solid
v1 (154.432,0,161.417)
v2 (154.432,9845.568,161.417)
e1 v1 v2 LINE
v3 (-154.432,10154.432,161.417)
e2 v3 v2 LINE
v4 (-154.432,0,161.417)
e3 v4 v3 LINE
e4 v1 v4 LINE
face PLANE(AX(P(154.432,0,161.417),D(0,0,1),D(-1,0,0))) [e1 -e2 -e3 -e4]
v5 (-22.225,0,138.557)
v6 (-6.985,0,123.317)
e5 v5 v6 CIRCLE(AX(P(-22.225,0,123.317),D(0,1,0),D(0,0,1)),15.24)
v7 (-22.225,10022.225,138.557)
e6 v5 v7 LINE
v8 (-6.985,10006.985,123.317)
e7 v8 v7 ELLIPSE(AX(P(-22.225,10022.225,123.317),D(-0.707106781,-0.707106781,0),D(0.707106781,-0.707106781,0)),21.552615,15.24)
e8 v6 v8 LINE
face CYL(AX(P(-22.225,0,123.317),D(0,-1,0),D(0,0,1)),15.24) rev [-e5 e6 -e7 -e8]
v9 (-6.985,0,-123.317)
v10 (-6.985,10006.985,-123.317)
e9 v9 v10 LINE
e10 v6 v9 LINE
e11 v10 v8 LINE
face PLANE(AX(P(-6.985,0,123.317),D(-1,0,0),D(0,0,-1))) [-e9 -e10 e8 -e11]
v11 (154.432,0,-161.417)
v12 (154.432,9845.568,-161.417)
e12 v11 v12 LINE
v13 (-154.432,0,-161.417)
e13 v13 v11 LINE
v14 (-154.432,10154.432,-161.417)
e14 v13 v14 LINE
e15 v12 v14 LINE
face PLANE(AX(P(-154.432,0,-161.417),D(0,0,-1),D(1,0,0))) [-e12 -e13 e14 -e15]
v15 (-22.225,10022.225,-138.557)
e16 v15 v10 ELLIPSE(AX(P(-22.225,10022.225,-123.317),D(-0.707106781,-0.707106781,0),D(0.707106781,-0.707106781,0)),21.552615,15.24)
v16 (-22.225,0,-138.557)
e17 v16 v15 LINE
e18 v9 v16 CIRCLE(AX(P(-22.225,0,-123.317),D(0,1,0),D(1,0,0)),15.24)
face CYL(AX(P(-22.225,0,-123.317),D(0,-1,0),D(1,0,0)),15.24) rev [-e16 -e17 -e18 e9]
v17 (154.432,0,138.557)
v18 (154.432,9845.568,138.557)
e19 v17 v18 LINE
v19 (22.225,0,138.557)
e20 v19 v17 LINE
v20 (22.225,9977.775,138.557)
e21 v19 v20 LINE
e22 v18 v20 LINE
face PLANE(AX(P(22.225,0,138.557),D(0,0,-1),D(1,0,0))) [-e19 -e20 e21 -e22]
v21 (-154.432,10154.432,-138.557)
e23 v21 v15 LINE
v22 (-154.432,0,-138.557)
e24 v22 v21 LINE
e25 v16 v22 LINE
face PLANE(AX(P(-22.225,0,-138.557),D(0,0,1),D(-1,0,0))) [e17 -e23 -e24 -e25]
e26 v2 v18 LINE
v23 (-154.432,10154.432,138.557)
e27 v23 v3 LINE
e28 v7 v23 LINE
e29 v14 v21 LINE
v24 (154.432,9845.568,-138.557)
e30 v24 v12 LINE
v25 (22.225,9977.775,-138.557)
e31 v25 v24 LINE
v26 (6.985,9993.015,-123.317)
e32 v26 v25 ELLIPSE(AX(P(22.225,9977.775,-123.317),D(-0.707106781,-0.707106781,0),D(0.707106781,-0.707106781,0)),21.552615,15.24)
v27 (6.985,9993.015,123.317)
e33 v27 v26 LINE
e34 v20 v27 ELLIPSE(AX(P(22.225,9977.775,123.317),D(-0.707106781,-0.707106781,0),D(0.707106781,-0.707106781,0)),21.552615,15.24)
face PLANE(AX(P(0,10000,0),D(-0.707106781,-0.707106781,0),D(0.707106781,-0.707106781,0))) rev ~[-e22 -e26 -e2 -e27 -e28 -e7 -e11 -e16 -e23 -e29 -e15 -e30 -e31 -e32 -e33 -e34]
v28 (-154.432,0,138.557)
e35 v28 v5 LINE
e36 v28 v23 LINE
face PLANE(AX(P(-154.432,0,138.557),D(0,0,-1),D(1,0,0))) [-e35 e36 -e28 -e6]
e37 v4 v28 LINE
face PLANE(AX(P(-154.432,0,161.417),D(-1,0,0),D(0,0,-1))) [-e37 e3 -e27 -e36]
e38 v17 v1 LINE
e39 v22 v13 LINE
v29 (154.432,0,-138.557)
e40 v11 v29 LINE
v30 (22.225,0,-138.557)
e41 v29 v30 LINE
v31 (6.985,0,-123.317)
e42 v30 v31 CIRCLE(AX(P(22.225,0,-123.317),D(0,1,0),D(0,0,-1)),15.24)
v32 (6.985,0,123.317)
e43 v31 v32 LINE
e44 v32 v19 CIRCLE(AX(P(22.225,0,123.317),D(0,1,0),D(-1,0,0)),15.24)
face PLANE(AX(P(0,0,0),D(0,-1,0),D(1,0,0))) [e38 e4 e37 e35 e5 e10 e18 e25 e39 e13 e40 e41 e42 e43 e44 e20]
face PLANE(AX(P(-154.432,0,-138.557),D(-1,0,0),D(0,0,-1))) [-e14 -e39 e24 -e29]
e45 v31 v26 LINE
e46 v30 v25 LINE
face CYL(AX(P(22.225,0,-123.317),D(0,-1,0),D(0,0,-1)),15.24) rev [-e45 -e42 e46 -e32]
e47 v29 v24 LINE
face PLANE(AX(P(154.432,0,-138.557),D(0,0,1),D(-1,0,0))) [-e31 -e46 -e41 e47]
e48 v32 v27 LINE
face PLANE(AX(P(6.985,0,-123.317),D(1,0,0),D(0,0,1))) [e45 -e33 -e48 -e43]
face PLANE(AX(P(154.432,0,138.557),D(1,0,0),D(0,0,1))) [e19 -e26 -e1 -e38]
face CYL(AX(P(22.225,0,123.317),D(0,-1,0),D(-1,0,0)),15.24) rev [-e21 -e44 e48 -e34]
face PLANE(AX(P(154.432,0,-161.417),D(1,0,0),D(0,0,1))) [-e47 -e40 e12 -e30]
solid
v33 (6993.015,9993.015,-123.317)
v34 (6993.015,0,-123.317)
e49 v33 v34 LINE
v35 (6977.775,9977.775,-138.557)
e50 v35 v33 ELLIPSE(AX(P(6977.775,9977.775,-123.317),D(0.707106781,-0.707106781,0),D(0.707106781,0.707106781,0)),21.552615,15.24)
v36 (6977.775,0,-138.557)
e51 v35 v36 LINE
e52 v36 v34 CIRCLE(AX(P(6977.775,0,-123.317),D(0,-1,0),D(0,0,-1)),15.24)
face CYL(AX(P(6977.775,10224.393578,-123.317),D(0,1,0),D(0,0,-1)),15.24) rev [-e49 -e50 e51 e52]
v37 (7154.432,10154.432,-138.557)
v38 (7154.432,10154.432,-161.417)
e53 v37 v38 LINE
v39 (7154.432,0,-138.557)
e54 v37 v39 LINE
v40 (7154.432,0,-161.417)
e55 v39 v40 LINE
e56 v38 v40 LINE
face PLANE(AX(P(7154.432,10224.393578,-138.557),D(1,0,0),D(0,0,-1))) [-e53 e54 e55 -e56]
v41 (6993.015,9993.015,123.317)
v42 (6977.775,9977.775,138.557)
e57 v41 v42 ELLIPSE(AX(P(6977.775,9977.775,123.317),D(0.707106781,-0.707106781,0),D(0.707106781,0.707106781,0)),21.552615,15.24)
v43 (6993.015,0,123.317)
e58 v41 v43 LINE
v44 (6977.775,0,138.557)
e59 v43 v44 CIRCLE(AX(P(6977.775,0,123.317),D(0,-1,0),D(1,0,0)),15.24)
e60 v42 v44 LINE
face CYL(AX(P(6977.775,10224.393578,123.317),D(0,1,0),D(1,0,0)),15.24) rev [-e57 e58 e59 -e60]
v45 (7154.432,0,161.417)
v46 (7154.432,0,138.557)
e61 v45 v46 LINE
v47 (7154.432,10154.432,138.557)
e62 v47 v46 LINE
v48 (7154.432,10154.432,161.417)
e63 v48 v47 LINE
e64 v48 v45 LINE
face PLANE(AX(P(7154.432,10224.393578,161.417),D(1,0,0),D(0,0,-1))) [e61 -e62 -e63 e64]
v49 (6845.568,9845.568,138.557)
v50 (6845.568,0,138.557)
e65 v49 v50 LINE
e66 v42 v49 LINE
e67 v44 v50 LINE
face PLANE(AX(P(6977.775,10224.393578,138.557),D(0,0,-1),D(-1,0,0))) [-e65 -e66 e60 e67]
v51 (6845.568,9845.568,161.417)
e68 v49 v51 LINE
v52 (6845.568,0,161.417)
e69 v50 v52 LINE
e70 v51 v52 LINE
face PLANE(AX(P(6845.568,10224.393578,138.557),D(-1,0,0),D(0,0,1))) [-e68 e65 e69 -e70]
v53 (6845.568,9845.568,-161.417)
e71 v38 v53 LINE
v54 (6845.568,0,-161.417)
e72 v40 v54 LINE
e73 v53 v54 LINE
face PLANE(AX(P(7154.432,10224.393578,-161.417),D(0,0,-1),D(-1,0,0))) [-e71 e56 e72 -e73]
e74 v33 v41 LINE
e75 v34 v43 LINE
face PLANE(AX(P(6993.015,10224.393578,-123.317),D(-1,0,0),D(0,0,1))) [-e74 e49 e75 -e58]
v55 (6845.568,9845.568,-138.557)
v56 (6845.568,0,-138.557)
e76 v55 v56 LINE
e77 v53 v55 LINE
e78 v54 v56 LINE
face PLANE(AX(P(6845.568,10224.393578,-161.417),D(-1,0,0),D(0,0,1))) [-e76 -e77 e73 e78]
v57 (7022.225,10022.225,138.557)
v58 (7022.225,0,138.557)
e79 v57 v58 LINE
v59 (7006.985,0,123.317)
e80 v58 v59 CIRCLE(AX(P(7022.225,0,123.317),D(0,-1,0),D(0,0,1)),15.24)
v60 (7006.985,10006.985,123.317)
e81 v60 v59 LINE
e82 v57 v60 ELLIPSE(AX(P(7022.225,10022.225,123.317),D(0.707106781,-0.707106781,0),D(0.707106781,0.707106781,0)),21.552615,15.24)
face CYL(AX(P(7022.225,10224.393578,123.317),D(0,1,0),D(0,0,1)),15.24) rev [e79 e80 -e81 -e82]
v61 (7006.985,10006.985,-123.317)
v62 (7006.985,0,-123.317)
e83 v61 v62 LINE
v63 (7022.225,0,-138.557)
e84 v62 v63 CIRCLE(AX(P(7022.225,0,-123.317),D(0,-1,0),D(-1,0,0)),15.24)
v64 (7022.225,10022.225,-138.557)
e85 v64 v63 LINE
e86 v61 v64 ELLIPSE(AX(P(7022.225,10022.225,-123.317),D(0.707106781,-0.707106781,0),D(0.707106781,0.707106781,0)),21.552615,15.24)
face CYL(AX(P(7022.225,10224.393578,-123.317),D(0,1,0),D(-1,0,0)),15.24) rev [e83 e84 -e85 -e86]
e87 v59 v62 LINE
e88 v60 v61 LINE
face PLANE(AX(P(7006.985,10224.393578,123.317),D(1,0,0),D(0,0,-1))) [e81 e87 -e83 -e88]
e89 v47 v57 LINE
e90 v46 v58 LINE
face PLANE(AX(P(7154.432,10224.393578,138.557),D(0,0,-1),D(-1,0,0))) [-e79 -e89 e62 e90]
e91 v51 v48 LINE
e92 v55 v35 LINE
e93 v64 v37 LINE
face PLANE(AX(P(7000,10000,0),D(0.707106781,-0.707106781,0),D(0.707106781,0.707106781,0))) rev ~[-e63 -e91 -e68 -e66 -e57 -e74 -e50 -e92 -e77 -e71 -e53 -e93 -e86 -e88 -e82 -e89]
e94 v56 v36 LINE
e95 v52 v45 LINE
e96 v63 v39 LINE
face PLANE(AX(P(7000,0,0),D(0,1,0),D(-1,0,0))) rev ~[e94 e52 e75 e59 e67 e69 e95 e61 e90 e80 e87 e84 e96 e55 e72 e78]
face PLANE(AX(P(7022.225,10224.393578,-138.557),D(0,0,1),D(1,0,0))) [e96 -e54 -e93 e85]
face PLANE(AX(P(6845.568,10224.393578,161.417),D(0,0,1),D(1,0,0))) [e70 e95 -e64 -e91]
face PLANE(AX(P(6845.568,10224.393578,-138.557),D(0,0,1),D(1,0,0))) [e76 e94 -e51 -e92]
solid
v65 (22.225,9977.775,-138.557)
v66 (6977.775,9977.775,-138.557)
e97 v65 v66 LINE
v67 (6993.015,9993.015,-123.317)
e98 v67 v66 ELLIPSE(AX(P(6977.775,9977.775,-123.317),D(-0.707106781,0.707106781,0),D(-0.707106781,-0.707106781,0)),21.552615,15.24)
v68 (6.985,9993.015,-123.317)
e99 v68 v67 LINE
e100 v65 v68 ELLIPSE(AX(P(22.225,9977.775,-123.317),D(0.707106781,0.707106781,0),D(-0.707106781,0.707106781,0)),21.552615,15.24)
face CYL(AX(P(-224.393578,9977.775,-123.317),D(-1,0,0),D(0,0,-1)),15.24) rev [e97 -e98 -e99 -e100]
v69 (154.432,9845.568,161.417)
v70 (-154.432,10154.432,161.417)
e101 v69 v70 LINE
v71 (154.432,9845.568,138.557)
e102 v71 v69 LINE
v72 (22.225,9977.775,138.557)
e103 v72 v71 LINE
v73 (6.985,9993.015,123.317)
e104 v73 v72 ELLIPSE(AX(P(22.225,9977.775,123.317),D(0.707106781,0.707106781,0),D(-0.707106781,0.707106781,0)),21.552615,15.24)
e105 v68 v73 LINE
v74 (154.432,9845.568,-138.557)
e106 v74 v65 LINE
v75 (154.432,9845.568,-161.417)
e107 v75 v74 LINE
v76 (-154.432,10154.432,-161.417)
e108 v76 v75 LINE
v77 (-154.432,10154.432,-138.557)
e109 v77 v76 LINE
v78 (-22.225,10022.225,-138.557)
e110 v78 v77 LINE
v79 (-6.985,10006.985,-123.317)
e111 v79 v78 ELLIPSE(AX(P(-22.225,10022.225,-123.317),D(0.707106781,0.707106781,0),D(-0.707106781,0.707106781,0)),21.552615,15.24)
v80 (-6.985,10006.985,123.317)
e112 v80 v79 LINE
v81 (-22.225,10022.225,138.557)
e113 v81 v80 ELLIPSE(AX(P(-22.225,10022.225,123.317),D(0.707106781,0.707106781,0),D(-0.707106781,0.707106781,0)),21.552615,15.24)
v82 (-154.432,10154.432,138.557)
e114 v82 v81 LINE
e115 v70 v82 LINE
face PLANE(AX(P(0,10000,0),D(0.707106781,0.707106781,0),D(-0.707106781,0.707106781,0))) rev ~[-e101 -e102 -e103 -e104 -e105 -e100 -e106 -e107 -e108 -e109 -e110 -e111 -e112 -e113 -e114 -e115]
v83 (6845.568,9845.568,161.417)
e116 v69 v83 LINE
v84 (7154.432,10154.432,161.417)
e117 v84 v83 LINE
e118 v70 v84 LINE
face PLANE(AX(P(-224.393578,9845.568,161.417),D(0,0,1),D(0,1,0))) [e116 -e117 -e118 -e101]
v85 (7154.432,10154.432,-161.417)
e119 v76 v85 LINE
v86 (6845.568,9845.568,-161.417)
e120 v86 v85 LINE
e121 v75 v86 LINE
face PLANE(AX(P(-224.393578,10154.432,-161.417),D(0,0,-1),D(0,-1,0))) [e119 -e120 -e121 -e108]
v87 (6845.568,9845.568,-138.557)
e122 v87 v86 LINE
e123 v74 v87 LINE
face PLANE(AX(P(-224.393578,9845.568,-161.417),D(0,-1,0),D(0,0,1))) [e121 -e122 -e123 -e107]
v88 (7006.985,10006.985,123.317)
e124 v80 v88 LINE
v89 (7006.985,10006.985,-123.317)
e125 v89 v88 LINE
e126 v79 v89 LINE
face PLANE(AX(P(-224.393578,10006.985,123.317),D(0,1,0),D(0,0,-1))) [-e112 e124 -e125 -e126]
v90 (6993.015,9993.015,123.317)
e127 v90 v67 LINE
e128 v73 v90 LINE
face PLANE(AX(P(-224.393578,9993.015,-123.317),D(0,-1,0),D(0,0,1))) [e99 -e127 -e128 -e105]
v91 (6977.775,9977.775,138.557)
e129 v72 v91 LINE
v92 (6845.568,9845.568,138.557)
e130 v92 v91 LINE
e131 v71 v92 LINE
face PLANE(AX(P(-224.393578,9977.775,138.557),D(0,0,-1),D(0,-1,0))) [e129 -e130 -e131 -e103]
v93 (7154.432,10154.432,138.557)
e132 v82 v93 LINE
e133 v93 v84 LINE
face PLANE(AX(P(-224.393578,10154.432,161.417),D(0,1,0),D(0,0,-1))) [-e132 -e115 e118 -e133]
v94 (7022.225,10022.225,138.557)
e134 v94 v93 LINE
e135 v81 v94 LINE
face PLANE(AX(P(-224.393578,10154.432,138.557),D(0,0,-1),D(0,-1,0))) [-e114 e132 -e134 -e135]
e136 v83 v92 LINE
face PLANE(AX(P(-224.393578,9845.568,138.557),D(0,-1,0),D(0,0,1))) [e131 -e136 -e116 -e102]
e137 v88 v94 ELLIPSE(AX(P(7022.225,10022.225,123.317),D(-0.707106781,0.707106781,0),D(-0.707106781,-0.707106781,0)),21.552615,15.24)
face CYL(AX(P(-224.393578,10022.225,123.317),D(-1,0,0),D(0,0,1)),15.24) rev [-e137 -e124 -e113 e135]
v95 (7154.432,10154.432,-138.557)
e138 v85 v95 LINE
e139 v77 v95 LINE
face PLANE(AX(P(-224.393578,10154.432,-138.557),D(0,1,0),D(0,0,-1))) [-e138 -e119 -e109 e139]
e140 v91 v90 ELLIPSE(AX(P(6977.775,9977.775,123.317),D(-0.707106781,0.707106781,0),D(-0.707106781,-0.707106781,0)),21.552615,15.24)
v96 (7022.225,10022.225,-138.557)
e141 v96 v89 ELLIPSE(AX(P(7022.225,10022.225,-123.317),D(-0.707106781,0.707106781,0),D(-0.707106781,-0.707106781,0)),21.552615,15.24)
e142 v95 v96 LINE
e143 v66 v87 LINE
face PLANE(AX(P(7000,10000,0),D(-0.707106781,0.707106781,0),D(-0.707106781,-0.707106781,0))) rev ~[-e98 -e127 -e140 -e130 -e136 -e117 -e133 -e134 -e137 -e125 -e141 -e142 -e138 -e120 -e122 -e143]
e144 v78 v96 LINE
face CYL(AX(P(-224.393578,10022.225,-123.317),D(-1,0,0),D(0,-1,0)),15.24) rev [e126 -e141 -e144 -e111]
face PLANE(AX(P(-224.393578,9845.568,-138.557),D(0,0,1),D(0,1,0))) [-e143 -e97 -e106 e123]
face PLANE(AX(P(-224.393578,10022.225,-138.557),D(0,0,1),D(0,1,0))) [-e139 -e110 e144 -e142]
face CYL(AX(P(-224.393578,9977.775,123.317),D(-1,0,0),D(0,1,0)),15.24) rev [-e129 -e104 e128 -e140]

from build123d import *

# Parameters (mm, degrees)
W_SECTION_W12X96_1_DEPTH   = 10224.3935776
W_SECTION_W12X96_1_2_DEPTH = 7448.7871552
W_SECTION_W12X96_1_3_DEPTH = 10224.393577601


with BuildPart() as part:
    # Sketch11 → W section W12X96(1) (new body)
    with BuildSketch(Plane(origin=(0, 0, 0), x_dir=(-1, 0, 0), z_dir=(0, 1, 0))):
        with BuildLine():
            Line((-154.432, -161.417), (-154.432, -138.557))
            Line((-154.432, -138.557), (-22.225, -138.557))
            ThreePointArc((-22.225, -138.557), (-11.448692655, -134.093307345), (-6.985, -123.317))
            Line((-6.985, -123.317), (-6.985, 123.317))
            ThreePointArc((-6.985, 123.317), (-11.448692655, 134.093307345), (-22.225, 138.557))
            Line((-22.225, 138.557), (-154.432, 138.557))
            Line((-154.432, 138.557), (-154.432, 161.417))
            Line((-154.432, 161.417), (154.432, 161.417))
            Line((154.432, 161.417), (154.432, 138.557))
            Line((154.432, 138.557), (22.225, 138.557))
            ThreePointArc((22.225, 138.557), (11.448692655, 134.093307345), (6.985, 123.317))
            Line((6.985, 123.317), (6.985, -123.317))
            ThreePointArc((6.985, -123.317), (11.448692655, -134.093307345), (22.225, -138.557))
            Line((22.225, -138.557), (154.432, -138.557))
            Line((154.432, -138.557), (154.432, -161.417))
            Line((154.432, -161.417), (-154.432, -161.417))
        make_face()
    extrude(amount=W_SECTION_W12X96_1_DEPTH)

    # W section W12X96(1) mitre 1
    split(bisect_by=Plane(origin=(0, 10000, 0), x_dir=(0.707106781, -0.707106781, 0), z_dir=(-0.707106781, -0.707106781, 0)), keep=Keep.TOP)


with BuildPart() as body_2:
    # Sketch11 on segment 2 (carried to segment 2) → W section W12X96_1 2 (new body)
    with BuildSketch(Plane(origin=(-224.3935776, 10000, 0), x_dir=(0, 1, 0), z_dir=(1, 0, 0))):
        with BuildLine():
            Line((-154.432, -161.417), (-154.432, -138.557))
            Line((-154.432, -138.557), (-22.225, -138.557))
            ThreePointArc((-22.225, -138.557), (-11.448692655, -134.093307345), (-6.985, -123.317))
            Line((-6.985, -123.317), (-6.985, 123.317))
            ThreePointArc((-6.985, 123.317), (-11.448692655, 134.093307345), (-22.225, 138.557))
            Line((-22.225, 138.557), (-154.432, 138.557))
            Line((-154.432, 138.557), (-154.432, 161.417))
            Line((-154.432, 161.417), (154.432, 161.417))
            Line((154.432, 161.417), (154.432, 138.557))
            Line((154.432, 138.557), (22.225, 138.557))
            ThreePointArc((22.225, 138.557), (11.448692655, 134.093307345), (6.985, 123.317))
            Line((6.985, 123.317), (6.985, -123.317))
            ThreePointArc((6.985, -123.317), (11.448692655, -134.093307345), (22.225, -138.557))
            Line((22.225, -138.557), (154.432, -138.557))
            Line((154.432, -138.557), (154.432, -161.417))
            Line((154.432, -161.417), (-154.432, -161.417))
        make_face()
    extrude(amount=W_SECTION_W12X96_1_2_DEPTH)

    # W section W12X96_1 2 mitre 1
    split(bisect_by=Plane(origin=(0, 10000, 0), x_dir=(-0.707106781, 0.707106781, 0), z_dir=(0.707106781, 0.707106781, 0)), keep=Keep.TOP)

    # W section W12X96_1 2 mitre 2
    split(bisect_by=Plane(origin=(7000, 10000, 0), x_dir=(-0.707106781, -0.707106781, 0), z_dir=(-0.707106781, 0.707106781, 0)), keep=Keep.TOP)


with BuildPart() as body_3:
    # Sketch11 on segment 3 (carried to segment 3) → W section W12X96_1 3 (new body)
    with BuildSketch(Plane(origin=(7000, 10224.3935776, 0), x_dir=(1, 0, 0), z_dir=(0, -1, 0))):
        with BuildLine():
            Line((-154.432, -161.417), (-154.432, -138.557))
            Line((-154.432, -138.557), (-22.225, -138.557))
            ThreePointArc((-22.225, -138.557), (-11.448692655, -134.093307345), (-6.985, -123.317))
            Line((-6.985, -123.317), (-6.985, 123.317))
            ThreePointArc((-6.985, 123.317), (-11.448692655, 134.093307345), (-22.225, 138.557))
            Line((-22.225, 138.557), (-154.432, 138.557))
            Line((-154.432, 138.557), (-154.432, 161.417))
            Line((-154.432, 161.417), (154.432, 161.417))
            Line((154.432, 161.417), (154.432, 138.557))
            Line((154.432, 138.557), (22.225, 138.557))
            ThreePointArc((22.225, 138.557), (11.448692655, 134.093307345), (6.985, 123.317))
            Line((6.985, 123.317), (6.985, -123.317))
            ThreePointArc((6.985, -123.317), (11.448692655, -134.093307345), (22.225, -138.557))
            Line((22.225, -138.557), (154.432, -138.557))
            Line((154.432, -138.557), (154.432, -161.417))
            Line((154.432, -161.417), (-154.432, -161.417))
        make_face()
    extrude(amount=W_SECTION_W12X96_1_3_DEPTH)

    # W section W12X96_1 3 mitre 1
    split(bisect_by=Plane(origin=(7000, 10000, 0), x_dir=(0.707106781, 0.707106781, 0), z_dir=(0.707106781, -0.707106781, 0)), keep=Keep.TOP)


solid = Compound([part.part, body_2.part, body_3.part])
